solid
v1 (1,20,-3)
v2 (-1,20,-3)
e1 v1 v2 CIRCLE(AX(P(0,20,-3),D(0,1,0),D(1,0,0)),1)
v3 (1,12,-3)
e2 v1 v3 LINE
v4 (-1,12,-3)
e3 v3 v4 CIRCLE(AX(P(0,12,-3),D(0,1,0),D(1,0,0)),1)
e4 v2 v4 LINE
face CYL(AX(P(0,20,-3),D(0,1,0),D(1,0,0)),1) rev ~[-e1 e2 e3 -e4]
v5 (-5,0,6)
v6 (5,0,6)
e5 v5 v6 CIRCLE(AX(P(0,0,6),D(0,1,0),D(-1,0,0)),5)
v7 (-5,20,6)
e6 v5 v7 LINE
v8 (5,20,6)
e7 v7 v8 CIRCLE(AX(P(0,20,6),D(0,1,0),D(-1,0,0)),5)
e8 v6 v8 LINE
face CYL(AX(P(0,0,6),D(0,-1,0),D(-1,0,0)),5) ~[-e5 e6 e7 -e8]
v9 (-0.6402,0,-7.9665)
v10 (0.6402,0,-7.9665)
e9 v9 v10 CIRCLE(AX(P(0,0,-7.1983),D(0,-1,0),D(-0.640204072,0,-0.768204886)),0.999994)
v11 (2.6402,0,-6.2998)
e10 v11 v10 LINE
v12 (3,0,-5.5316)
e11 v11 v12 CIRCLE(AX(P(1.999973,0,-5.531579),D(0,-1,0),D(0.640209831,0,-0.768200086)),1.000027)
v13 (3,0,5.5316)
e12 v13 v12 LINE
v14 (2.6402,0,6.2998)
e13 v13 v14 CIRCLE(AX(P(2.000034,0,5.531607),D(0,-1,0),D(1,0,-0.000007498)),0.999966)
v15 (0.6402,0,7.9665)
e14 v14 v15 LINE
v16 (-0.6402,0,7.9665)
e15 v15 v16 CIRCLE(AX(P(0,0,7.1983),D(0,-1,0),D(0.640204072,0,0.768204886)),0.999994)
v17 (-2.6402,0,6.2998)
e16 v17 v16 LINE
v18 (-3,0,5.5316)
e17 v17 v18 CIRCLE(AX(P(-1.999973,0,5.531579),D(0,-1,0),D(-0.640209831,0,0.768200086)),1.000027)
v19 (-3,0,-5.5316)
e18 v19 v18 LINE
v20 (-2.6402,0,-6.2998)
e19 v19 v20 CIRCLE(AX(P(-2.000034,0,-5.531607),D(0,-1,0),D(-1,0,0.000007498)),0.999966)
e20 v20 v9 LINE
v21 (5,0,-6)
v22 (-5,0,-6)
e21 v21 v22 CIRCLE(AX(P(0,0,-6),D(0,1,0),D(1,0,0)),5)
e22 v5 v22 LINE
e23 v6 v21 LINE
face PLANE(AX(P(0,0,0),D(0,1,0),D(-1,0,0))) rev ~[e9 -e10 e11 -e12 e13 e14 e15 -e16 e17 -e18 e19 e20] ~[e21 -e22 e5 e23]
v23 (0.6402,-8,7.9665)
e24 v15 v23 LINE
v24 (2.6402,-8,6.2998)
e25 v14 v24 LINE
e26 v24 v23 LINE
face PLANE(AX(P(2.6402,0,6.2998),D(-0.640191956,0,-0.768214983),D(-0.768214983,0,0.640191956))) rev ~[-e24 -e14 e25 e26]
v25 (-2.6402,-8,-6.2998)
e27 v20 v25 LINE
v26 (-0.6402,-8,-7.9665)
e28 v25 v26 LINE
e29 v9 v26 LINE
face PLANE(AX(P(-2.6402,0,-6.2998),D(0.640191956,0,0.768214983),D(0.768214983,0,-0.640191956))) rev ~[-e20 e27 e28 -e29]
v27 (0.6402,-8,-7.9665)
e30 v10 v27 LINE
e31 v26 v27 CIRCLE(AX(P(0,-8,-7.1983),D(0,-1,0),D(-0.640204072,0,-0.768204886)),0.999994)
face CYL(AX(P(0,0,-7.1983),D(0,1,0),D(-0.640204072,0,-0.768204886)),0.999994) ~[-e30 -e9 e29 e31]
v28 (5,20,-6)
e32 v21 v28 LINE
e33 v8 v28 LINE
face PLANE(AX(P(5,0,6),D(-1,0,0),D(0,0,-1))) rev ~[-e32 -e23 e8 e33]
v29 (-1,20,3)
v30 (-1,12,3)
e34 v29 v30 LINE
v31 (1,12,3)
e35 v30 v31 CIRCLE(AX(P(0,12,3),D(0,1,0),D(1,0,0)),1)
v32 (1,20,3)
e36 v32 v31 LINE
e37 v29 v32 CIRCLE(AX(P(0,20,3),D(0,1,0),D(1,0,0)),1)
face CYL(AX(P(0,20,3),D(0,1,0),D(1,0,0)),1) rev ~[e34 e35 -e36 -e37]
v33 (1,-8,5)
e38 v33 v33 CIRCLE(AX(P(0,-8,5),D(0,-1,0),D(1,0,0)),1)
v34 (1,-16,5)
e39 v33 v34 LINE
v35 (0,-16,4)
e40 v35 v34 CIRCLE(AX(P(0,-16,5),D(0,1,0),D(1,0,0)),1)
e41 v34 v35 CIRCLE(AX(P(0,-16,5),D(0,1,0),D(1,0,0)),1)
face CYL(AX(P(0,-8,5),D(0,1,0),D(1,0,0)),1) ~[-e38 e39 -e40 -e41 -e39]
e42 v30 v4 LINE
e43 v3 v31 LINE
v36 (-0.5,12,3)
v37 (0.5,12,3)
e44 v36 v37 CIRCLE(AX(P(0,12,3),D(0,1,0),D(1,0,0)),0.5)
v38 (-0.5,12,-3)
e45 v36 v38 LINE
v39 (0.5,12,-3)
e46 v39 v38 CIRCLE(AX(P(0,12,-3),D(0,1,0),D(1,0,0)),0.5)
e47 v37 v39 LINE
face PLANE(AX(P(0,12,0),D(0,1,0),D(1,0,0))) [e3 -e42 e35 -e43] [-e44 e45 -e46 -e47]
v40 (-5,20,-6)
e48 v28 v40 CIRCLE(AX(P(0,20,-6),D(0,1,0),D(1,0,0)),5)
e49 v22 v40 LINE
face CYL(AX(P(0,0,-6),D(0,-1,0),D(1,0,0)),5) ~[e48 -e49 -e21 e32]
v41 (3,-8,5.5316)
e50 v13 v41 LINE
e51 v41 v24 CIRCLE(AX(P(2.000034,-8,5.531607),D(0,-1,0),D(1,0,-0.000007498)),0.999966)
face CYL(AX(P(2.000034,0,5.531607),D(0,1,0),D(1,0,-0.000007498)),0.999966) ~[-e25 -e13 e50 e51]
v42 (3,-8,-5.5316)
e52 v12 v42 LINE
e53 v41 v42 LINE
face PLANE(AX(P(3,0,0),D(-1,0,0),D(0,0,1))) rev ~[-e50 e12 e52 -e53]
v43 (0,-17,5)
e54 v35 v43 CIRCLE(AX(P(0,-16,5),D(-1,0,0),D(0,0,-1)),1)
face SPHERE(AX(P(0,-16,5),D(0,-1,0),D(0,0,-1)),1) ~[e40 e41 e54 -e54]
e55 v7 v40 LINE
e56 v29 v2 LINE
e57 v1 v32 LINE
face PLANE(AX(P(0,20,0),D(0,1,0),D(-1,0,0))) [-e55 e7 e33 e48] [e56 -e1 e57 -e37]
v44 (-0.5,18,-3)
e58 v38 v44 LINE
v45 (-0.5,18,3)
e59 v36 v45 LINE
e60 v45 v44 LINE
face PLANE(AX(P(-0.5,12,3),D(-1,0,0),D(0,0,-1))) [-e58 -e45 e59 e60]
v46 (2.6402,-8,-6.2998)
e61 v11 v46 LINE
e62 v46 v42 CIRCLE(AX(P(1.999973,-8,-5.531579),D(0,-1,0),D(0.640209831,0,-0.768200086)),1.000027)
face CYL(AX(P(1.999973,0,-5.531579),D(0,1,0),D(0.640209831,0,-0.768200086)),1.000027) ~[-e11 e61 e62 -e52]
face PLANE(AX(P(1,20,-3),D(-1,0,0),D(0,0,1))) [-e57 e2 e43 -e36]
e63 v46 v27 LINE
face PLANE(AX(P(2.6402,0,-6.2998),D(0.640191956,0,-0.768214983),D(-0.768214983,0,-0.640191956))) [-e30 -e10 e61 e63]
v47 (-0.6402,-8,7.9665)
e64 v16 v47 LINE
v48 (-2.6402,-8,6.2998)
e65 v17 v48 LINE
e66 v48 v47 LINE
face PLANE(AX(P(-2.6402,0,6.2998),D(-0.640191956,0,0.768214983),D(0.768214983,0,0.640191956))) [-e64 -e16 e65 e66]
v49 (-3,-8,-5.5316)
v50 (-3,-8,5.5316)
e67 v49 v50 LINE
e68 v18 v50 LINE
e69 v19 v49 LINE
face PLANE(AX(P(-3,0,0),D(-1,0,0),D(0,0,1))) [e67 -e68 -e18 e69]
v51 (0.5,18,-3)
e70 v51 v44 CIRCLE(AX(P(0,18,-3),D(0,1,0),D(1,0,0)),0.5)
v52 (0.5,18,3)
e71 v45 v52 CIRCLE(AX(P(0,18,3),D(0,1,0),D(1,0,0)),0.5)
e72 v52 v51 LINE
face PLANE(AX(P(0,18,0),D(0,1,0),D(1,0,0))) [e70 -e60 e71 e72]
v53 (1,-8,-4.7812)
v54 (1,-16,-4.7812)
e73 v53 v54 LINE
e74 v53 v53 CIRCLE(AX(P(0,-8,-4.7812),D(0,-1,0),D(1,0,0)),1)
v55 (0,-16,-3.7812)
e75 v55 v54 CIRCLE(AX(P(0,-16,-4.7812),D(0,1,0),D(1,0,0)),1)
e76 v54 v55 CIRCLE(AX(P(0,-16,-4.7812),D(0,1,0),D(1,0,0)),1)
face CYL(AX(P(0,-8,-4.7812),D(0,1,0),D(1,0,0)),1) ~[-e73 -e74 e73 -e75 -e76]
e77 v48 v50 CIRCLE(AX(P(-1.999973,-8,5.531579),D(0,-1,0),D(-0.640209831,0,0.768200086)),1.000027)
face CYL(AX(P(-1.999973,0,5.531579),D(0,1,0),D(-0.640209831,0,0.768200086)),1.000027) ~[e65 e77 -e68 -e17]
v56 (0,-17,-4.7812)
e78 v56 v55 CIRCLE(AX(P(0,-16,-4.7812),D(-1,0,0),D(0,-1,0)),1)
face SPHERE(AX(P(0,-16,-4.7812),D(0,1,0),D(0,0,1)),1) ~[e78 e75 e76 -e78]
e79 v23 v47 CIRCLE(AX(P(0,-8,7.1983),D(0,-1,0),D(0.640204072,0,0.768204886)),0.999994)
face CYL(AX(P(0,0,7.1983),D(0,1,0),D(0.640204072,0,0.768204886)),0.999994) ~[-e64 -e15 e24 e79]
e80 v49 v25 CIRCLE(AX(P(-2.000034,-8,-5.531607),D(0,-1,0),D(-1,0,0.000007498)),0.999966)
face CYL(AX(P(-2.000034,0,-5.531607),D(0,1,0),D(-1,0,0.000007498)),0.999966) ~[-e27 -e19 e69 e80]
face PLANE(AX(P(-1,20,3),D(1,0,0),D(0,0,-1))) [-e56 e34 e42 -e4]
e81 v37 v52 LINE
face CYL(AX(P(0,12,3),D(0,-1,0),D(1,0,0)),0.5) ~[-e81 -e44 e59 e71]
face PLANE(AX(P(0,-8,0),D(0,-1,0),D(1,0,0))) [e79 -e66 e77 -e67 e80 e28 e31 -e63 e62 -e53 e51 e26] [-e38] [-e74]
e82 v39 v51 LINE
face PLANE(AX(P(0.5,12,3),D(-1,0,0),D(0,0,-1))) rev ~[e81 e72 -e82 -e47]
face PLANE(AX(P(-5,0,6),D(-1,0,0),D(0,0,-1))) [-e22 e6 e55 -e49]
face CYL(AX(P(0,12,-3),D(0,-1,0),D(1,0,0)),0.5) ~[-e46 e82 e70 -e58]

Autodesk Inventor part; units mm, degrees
ref_plane "YZ Plane" through (0, 0, 0) normal (1, 0, 0) x (0, 1, 0)
ref_plane "XZ Plane" through (0, 0, 0) normal (0, 1, 0) x (-1, 0, 0)
ref_plane "XY Plane" through (0, 0, 0) normal (0, 0, 1) x (1, 0, 0)
sketch "스케치1" plane through (0, 0, 0) normal (0, 1, 0) x (-1, 0, 0)
  arc A0 (5, 6) -> (-5, 6) centre (0, 6) ccw
  arc A1 (-5, -6) -> (5, -6) centre (0, -6) ccw
  line L0 (5, 6) -> (5, -6)
  line L1 (-5, 6) -> (-5, -6)
  point P0 (0, 0)
extrude "돌출1" add sketch "스케치1" along normal blind 20
sketch "스케치2" plane through (0, 20, 0) normal (0, 1, 0) x (1, 0, 0)
  line L0 (0, 0) -> (0, 3)
  line L1 (0, 3) -> (0, -3)
  circle A0 centre (0, 3) radius 1
  circle A1 centre (0, -3) radius 1
  line L2 (1, 3) -> (1, -3)
  line L3 (-1, -3) -> (-1, 3)
  dimension "d10" = 3
  dimension "d11" = 6
  dimension "d12" = 2
  dimension "d13" = 2
extrude "돌출2" cut sketch "스케치2" against normal blind 8
sketch "스케치3" plane through (0, 0, 0) normal (0, -1, 0) x (1, 0, 0)
  line L0 (-3, 0) -> (-3, 5.5316)
  line L1 (-2.6402, 6.2998) -> (-0.6402, 7.9665)
  line L2 (-3, 0) -> (-3, -5.5316)
  line L3 (-2.6402, -6.2998) -> (-0.6402, -7.9665)
  line L4 (3, 0) -> (3, 5.5316)
  line L5 (3, 5.5316) -> (3, -5.5316)
  line L6 (2.6402, -6.2998) -> (0.6402, -7.9665)
  line L7 (2.6402, 6.2998) -> (0.6402, 7.9665)
  arc A0 (-0.6402, -7.9665) -> (0.6402, -7.9665) centre (0, -7.1983) ccw
  arc A1 (2.6402, -6.2998) -> (3, -5.5316) centre (2, -5.5316) ccw
  arc A2 (3, 5.5316) -> (2.6402, 6.2998) centre (2, 5.5316) ccw
  arc A3 (0.6402, 7.9665) -> (-0.6402, 7.9665) centre (0, 7.1983) ccw
  arc A4 (-3, -5.5316) -> (-2.6402, -6.2998) centre (-2, -5.5316) ccw
  arc A5 (-2.6402, 6.2998) -> (-3, 5.5316) centre (-2, 5.5316) ccw
  point P0 (0, 0)
  point P1 (-3, -6)
  point P2 (3, -6)
  dimension "d24" = 1
extrude "돌출3" add sketch "스케치3" along normal blind 8
sketch "스케치4" plane through (0, -8, 0) normal (0, -1, 0) x (1, 0, 0)
  line L0 (0, 0) -> (0, 5)
  line L1 (0, 5) -> (0, -5)
  circle A0 centre (0, 5) radius 1
  circle A1 centre (0, -4.7812) radius 1
  dimension "d27" = 5
  dimension "d28" = 10
  dimension "d29" = 2
  dimension "d30" = 2
extrude "돌출4" add sketch "스케치4" along normal blind 8
ref_plane "작업 평면1" through (0, -16, 4) normal (-1, 0, 0) x (0, 0, 1)
sketch "스케치6" plane through (0, -16, 4) normal (-1, 0, 0) x (0, 0, 1)
  line L0 (0, 0) -> (2, 0) projected
  line L1 (0, -1) -> (1, -1) projected
  arc A0 (0, 0) -> (1, -1) centre (1, 0) ccw
  line L2 (1, -1) -> (1, 0)
  line L3 (1, 0) -> (0, 0)
  point P0 (-4, 16)
  point P1 (1, 0)
  point P2 (1, 0)
  dimension "d35" = 1
revolve "회전1" add sketch "스케치6" angle 360 about axis through (0, -17, 5) along (0, 1, 0)
sketch "스케치7" plane through (0, -16, 4) normal (-1, 0, 0) x (0, 0, 1)
  line L0 (-9.7812, 0) -> (-7.7812, 0) projected
  line L1 (-7.7812, 0) -> (-8.7812, 0)
  line L2 (-8.7812, 0) -> (-8.7812, -1)
  arc A0 (-8.7812, -1) -> (-7.7812, 0) centre (-8.7812, 0) ccw
  point P0 (-4, 16)
  dimension "d37" = 1
  dimension "d38" = 1
revolve "회전2" add sketch "스케치7" angle 360 about axis through (0, -16, -4.7812) along (0, -1, 0)
sketch "스케치8" plane through (0, 12, 0) normal (0, 1, 0) x (1, 0, 0)
  line L0 (0, 0) -> (0, 3)
  line L1 (0, 3) -> (0, -3)
  circle A0 centre (0, -3) radius 0.5
  circle A1 centre (0, 3) radius 0.5
  line L2 (-0.5, -3) -> (-0.5, 3)
  line L3 (0.5, -3) -> (0.5, 3)
  dimension "d40" = 3
  dimension "d41" = 6
  dimension "d42" = 1
  dimension "d43" = 1
extrude "돌출6" add sketch "스케치8" along normal blind 6
properties part number "Ctype addapter"
